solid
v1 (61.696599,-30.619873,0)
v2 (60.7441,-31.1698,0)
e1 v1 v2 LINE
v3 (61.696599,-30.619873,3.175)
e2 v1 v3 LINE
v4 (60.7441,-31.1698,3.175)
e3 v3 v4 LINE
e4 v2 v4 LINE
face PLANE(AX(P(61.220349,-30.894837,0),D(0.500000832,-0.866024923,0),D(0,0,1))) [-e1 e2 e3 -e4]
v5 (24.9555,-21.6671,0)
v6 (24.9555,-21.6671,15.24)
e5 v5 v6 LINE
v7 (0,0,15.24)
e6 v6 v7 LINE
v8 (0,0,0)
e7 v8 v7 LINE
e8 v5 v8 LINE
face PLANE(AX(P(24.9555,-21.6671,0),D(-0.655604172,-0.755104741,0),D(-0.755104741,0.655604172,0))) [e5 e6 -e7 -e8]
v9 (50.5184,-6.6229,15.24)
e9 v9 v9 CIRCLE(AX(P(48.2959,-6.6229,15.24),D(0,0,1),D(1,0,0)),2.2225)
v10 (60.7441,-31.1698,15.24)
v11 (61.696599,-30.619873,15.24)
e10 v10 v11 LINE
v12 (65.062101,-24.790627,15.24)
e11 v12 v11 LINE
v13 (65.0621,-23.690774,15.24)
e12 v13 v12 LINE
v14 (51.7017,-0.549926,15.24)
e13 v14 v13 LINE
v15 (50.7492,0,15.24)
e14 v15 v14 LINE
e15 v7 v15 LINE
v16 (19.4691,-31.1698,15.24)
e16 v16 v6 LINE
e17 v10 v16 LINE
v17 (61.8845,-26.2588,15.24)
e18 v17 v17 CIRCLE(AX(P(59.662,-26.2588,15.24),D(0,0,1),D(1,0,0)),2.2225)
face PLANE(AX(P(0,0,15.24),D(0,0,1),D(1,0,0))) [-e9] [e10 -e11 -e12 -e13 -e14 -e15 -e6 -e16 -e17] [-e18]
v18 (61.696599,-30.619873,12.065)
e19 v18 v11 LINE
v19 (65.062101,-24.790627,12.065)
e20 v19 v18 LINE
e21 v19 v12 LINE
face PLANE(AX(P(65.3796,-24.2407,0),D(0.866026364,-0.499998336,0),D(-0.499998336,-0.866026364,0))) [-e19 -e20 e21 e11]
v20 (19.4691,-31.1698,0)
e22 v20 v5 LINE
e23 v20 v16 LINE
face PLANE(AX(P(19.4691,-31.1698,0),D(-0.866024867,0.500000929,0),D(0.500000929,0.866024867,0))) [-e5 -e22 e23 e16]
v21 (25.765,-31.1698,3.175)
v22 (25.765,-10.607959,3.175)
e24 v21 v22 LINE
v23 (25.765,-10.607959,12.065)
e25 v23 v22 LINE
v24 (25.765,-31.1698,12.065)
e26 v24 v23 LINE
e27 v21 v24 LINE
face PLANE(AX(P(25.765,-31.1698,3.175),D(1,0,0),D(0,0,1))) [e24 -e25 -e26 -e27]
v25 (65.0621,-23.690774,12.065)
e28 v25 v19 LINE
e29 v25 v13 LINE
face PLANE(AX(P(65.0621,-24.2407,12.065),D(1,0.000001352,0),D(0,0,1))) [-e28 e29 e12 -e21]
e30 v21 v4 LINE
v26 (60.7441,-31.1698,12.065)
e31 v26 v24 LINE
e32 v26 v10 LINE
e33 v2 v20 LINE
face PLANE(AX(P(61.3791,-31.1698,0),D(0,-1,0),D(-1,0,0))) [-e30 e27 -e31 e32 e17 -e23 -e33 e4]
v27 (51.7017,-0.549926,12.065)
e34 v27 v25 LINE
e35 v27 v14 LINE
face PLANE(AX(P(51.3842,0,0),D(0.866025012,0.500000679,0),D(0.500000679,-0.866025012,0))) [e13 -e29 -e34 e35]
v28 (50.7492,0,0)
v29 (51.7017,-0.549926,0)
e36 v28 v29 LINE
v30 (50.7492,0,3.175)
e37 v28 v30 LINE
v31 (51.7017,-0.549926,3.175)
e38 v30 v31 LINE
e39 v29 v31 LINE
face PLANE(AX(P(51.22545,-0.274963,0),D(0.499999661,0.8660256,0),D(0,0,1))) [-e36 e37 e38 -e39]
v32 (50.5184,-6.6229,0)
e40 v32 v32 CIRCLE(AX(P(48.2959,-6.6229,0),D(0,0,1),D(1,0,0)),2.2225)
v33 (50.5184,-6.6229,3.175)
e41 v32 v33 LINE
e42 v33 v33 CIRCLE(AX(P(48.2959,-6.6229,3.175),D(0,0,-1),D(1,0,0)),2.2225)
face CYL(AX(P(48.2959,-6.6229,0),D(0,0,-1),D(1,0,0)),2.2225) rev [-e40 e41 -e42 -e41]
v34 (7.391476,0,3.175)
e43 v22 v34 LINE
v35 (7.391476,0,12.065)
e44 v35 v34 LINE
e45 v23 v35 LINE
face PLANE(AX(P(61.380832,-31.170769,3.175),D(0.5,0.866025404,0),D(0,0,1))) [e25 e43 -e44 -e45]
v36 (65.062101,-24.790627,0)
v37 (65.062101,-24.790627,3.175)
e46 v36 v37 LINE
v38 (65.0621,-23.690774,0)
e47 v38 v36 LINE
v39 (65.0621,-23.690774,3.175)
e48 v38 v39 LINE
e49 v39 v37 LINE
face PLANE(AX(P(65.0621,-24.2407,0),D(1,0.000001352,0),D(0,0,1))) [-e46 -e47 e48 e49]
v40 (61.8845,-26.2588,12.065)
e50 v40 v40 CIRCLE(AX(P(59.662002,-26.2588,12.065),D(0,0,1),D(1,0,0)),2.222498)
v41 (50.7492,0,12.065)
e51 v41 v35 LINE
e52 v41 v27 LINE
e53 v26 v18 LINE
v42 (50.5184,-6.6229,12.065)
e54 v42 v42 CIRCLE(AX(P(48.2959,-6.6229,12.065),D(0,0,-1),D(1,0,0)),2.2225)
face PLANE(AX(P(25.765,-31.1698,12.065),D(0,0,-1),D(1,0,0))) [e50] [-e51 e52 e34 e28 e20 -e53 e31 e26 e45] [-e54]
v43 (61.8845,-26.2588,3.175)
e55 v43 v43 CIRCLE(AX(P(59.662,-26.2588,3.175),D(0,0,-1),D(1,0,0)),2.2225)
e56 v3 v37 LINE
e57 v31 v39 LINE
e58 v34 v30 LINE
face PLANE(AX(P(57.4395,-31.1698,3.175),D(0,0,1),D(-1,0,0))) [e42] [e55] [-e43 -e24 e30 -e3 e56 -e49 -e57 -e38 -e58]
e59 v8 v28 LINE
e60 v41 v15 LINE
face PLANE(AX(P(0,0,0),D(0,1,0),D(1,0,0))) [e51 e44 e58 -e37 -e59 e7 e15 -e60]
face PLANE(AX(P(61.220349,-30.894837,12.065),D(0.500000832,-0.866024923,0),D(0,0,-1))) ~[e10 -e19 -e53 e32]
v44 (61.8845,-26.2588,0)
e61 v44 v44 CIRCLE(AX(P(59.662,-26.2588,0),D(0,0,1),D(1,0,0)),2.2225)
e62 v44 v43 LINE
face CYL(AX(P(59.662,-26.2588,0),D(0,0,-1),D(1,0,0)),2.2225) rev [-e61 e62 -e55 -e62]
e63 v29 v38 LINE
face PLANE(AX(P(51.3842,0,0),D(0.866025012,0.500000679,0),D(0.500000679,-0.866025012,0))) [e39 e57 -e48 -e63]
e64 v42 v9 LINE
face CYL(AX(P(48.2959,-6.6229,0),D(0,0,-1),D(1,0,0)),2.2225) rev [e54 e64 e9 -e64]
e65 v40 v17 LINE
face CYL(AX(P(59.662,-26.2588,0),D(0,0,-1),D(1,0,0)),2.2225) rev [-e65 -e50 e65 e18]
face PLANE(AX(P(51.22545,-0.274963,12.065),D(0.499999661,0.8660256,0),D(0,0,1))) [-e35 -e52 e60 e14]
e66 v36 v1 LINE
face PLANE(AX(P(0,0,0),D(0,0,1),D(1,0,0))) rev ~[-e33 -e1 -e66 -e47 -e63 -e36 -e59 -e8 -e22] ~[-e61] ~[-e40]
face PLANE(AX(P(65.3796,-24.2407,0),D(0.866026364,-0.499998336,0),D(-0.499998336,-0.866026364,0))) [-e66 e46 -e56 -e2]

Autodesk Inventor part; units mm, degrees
ref_plane "YZ Plane" through (0, 0, 0) normal (1, 0, 0) x (0, 1, 0)
ref_plane "XZ Plane" through (0, 0, 0) normal (0, 1, 0) x (-1, 0, 0)
ref_plane "XY Plane" through (0, 0, 0) normal (0, 0, 1) x (1, 0, 0)
sketch "Sketch2" plane through (0, 0, 0) normal (0, 0, 1) x (1, 0, 0)
  line L0 (0, 0) -> (51.3842, 0)
  line L1 (51.3842, 0) -> (65.3796, -24.2407)
  line L2 (65.3796, -24.2407) -> (61.3791, -31.1698)
  line L3 (65.3796, -24.2407) -> (73.3806, -24.2407) construction
  line L4 (61.3791, -31.1698) -> (19.4691, -31.1698)
  line L5 (19.4691, -31.1698) -> (24.9555, -21.6671)
  line L6 (19.4691, -31.1698) -> (30.4419, -31.1698) construction
  line L7 (24.9555, -21.6671) -> (0, 0)
  line L8 (51.3842, 0) -> (58.6918, 0) construction
  line L9 (48.8733, -7.5723) -> (70.4506, -7.5723) construction
  circle A0 centre (48.2959, -6.6229) radius 2.2225
  circle A1 centre (59.662, -26.2588) radius 2.2225
  dimension "d0" = 51.3842
  dimension "d1" = 27.9908
  dimension "d2" = 120
  dimension "d3" = 8.001
  dimension "d4" = 120
  dimension "d5" = 41.91
  dimension "d6" = 10.9728
  dimension "d7" = 60
  dimension "d15" = 4.445
  dimension "d16" = 4.445
extrude "Extrusion1" add sketch "Sketch2" along normal blind 15.24
sketch "Sketch3" plane through (65.3796, -24.2407, 15.24) normal (0.866, -0.5, 0) x (0, 0, -1)
  point P0 (15.24, -11.6967)
sketch "Sketch4" plane through (65.3796, -24.2407, 15.24) normal (0.866, -0.5, 0) x (0, 0, -1)
  line L0 (15.24, -8.001) -> (0, -8.001) projected
  line L1 (0, -8.001) -> (3.175, -8.001)
  line L2 (15.24, 0) -> (0, 0) projected
  line L3 (3.175, -8.001) -> (12.065, -8.001)
  line L4 (12.065, -8.001) -> (12.065, 0)
  line L5 (12.065, 0) -> (3.175, 0)
  line L6 (3.175, 0) -> (3.175, -8.001)
  point P0 (15.24, -11.6967)
  point P1 (3.175, 0)
  point P2 (12.065, -8.001)
  dimension "d19" = 3.175
  dimension "d20" = 8.89
sketch "Sketch5" plane through (19.4691, -31.1698, 0) normal (0, -1, 0) x (1, 0, 0)
  point P0 (-19.4691, 0)
extrude "Extrusion2" cut sketch "Sketch4" against normal blind 127
sketch "Sketch6" plane through (19.4691, -31.1698, 0) normal (0, -1, 0) x (1, 0, 0)
  point P0 (-19.4691, 0)
sketch "Sketch7" plane through (19.4691, -31.1698, 0) normal (0, -1, 0) x (1, 0, 0)
  line L0 (0, 0) -> (41.91, 0) projected
  line L1 (41.91, 3.175) -> (41.91, 12.065) projected
  line L2 (41.91, 0) -> (41.91, 3.175)
  line L3 (41.91, 12.065) -> (-12.0777, 12.065) projected
  line L4 (41.91, 3.175) -> (5.08, 3.175)
  line L5 (5.08, 12.065) -> (41.91, 12.065)
  line L6 (41.91, 12.065) -> (41.91, 3.175)
  line L7 (6.7536, 12.065) -> (6.7536, 3.175)
  line L8 (41.91, 3.175) -> (-12.0777, 3.175) projected
  point P0 (-19.4691, 0)
  dimension "d23" = 36.83
extrude "Extrusion3" [suppressed]
sketch "Sketch8" plane through (0, 0, 0) normal (0, 1, 0) x (1, 0, 0)
  line L0 (65.3796, -3.175) -> (23.3934, -3.175) projected
  line L1 (24.5491, -3.175) -> (23.3934, -3.175)
  line L2 (23.3934, -12.065) -> (7.3914, -12.065) projected
  line L3 (24.5491, -3.175) -> (23.3934, -3.175)
  line L4 (23.3934, -3.175) -> (23.3934, -12.065)
  line L5 (23.3934, -12.065) -> (24.5491, -12.065)
  line L6 (24.5491, -12.065) -> (24.5491, -3.175)
  point P0 (0, 0)
extrude "Extrusion4" cut sketch "Sketch8" along normal mid plane 15.24
sketch "Sketch9" plane through (61.3791, -21.9311, 3.175) normal (-1, 0, 0) x (0, 0, 1)
  point P0 (-3.175, 21.9311)
sketch "Sketch10" plane through (65.3796, -24.2407, 12.065) normal (0.866, 0.5, 0) x (0, 0, -1)
  line L0 (8.89, 0) -> (0, 0) projected
  line L1 (8.89, 4.0005) -> (8.89, 8.001) projected
  line L2 (0, 0) -> (8.89, 0)
  line L3 (8.89, 0) -> (8.89, 8.001)
  line L4 (8.89, 8.001) -> (0, 8.001)
  line L5 (0, 8.001) -> (0, 0)
  point P0 (12.065, 53.6829)
extrude "Extrusion5" cut sketch "Sketch10" against normal blind 15.24
sketch "Sketch11" plane through (19.4691, -31.1698, 0) normal (0, -1, 0) x (1, 0, 0)
  line L0 (42.4154, 3.175) -> (37.9704, 3.175) projected
  line L1 (42.4154, 3.175) -> (6.2959, 3.175)
  line L2 (6.2959, 3.175) -> (6.2959, 12.065)
  line L3 (6.2959, 12.065) -> (42.4154, 12.065)
  line L4 (42.4154, 12.065) -> (42.4154, 3.175)
  point P0 (-19.4691, 0)
extrude "Extrusion6" cut sketch "Sketch11" against normal blind 127
sketch "Sketch12" plane through (24.5491, 0, 3.175) normal (-1, 0, 0) x (0, 0, 1)
  point P0 (-3.175, 0)
sketch "Sketch13" plane through (0, 0, 0) normal (0, 1, 0) x (1, 0, 0)
  line L0 (25.765, -3.175) -> (24.5491, -3.175) projected
  line L1 (25.765, -3.175) -> (25.765, -12.065) projected
  line L2 (24.5491, -3.175) -> (25.765, -3.175)
  line L3 (25.765, -3.175) -> (25.765, -12.065)
  line L4 (25.765, -12.065) -> (24.5491, -12.065)
  line L5 (24.5491, -12.065) -> (24.5491, -3.175)
  point P0 (0, 0)
extrude "Extrusion7" cut sketch "Sketch13" against normal blind 2.54
chamfer "Chamfer1" distance 0.635 angle 45 6 edges at (61.3791, -31.1698, 13.6525) (65.3796, -24.2407, 13.6525) (65.3796, -24.2407, 1.5875) (61.3791, -31.1698, 1.5875) (51.3842, 0, 13.6525) (51.3842, 0, 1.5875)
properties part number "Non Colour Claw" material "Iron, Gray"
